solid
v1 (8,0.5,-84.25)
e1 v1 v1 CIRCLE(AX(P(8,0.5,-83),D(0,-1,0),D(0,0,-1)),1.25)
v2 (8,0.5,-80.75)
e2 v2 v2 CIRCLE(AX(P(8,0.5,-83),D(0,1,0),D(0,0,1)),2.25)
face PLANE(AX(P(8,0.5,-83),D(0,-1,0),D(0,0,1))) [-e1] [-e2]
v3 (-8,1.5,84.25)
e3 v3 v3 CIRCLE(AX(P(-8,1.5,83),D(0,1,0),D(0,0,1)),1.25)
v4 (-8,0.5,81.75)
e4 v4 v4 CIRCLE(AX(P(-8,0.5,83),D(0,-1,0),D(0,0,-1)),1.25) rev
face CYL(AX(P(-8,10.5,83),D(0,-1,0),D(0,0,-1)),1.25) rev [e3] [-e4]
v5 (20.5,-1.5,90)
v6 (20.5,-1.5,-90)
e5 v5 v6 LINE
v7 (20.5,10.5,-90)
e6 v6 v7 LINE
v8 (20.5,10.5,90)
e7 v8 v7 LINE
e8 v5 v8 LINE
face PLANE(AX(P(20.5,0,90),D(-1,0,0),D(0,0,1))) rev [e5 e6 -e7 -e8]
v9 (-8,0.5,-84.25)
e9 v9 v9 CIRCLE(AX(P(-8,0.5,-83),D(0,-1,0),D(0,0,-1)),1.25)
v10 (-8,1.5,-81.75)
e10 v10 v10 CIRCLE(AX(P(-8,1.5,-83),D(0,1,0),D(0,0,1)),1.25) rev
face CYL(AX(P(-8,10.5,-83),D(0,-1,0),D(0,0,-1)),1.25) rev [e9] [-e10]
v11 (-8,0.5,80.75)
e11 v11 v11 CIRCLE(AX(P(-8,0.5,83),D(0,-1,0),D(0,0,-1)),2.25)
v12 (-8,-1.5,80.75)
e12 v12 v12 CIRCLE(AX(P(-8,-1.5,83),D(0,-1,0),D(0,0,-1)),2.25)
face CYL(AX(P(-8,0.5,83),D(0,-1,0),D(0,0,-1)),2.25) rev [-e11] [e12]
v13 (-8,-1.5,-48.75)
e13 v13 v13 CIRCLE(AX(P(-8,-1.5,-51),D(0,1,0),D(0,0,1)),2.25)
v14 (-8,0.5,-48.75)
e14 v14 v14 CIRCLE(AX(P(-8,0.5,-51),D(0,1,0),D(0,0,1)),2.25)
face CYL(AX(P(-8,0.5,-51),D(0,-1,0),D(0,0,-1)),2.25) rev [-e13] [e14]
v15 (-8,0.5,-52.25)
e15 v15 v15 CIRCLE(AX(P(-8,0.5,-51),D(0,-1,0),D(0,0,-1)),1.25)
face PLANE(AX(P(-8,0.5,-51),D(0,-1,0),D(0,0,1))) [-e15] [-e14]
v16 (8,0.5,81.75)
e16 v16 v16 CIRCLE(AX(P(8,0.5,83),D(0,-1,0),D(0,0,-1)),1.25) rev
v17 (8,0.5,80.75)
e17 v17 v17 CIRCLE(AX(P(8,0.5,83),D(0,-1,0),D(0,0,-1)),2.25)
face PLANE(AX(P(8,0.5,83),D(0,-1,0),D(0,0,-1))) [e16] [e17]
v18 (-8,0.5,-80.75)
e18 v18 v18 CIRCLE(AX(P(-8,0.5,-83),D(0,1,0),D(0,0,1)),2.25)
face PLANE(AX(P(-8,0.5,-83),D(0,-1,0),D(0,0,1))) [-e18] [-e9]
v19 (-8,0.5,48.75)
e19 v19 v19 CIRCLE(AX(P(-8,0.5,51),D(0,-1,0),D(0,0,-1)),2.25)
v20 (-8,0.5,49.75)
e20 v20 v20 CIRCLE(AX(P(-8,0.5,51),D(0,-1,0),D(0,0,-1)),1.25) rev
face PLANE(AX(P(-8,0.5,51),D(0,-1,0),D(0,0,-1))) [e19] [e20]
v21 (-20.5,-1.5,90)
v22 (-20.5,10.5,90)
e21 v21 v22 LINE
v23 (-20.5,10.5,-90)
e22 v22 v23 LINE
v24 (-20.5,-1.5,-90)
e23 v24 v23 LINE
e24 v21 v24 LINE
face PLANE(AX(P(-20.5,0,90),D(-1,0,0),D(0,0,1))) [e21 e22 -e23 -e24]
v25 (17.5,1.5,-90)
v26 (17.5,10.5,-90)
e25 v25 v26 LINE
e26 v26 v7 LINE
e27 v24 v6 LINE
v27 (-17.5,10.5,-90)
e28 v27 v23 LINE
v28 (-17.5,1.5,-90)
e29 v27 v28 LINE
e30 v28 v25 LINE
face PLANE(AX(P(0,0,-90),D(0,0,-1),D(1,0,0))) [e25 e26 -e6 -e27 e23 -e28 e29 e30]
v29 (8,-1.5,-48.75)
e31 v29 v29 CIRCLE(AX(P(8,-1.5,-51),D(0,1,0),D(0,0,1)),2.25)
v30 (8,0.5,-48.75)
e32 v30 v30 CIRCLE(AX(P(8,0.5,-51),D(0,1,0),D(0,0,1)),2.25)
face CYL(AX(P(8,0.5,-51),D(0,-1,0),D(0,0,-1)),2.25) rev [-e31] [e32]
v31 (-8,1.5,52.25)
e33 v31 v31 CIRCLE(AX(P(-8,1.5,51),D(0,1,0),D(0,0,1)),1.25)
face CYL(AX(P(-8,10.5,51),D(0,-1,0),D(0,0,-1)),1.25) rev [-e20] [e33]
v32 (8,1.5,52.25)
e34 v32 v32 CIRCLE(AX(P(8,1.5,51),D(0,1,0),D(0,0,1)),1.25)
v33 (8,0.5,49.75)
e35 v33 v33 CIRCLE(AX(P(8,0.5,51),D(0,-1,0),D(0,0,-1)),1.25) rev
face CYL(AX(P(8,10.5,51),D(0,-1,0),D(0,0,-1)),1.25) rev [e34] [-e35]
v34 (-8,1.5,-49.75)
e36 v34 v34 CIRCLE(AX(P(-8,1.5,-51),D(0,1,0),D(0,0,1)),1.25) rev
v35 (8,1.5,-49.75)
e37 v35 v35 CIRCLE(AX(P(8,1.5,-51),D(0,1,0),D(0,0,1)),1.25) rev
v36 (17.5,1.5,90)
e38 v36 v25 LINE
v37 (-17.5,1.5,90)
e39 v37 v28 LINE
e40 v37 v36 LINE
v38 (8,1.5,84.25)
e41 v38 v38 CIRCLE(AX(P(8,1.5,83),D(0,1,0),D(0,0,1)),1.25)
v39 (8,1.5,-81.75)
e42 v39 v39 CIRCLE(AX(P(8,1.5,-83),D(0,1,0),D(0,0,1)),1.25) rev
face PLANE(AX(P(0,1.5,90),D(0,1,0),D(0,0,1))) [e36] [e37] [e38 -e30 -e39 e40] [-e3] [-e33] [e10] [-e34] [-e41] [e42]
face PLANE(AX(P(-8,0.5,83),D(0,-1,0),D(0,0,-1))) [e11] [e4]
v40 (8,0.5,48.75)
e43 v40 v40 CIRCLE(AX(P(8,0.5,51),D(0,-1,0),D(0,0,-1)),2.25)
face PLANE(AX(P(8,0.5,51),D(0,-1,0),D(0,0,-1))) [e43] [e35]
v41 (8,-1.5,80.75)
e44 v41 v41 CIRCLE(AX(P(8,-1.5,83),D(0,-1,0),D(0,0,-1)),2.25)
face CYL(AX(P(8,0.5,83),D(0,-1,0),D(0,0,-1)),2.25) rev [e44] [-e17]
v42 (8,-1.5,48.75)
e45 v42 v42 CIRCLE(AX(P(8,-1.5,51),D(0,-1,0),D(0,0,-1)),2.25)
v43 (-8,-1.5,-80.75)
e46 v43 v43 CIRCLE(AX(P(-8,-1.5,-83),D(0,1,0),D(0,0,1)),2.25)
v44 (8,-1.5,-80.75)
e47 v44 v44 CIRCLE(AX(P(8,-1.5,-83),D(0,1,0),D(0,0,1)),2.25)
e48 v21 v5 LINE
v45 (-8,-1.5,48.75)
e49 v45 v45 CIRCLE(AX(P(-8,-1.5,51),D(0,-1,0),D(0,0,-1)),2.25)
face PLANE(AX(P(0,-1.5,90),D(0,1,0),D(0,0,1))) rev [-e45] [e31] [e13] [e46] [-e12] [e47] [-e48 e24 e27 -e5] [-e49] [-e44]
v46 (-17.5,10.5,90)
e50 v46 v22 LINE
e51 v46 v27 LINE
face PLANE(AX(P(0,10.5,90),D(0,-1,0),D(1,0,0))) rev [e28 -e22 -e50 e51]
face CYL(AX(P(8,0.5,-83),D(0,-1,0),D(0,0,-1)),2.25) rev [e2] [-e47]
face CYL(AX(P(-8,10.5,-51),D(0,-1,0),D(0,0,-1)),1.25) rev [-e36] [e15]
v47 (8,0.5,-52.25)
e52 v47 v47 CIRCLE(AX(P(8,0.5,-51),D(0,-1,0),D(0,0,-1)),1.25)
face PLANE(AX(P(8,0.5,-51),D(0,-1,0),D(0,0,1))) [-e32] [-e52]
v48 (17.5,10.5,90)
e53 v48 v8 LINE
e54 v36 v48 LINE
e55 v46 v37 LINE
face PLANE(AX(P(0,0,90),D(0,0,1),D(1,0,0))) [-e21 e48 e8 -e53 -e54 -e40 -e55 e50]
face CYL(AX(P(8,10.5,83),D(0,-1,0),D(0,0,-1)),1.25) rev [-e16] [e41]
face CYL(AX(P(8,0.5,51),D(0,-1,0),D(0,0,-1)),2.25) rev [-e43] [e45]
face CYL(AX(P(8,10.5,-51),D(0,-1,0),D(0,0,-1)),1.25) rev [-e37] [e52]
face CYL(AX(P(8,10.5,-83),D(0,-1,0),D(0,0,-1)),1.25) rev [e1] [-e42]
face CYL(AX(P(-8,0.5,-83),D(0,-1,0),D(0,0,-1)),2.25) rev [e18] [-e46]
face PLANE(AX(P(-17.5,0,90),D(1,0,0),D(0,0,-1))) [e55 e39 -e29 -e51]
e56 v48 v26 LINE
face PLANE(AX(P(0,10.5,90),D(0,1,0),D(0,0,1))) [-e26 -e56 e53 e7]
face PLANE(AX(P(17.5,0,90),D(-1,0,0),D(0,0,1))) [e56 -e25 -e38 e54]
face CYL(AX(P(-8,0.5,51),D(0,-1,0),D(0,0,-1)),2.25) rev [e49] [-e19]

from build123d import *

# Parameters (mm, degrees)
SKETCH2_W           = 35
SKETCH2_H           = 3
BOSS_EXTRUDE1_DEPTH = 90
CUT_EXTRUDE1_START  = -13
SKETCH3_R           = 1.25
CUT_EXTRUDE1_DEPTH  = 14
SKETCH4_R           = 2.25
CUT_EXTRUDE2_DEPTH  = 2


with BuildPart() as part:
    # Sketch2 → Boss-Extrude1 (new body)
    with BuildSketch(Plane.XY):
        Polygon((17.5, 10.5), (17.5, 1.5), (17.5, -1.5), (20.5, -1.5), (20.5, 10.5), align=None)
        Rectangle(SKETCH2_W, SKETCH2_H)
        Polygon((-17.5, -1.5), (-17.5, 1.5), (-17.5, 10.5), (-20.5, 10.5), (-20.5, -1.5), align=None)
    boss_extrude1 = extrude(amount=BOSS_EXTRUDE1_DEPTH)

    # Sketch3 → Cut-Extrude1 (cut)
    with BuildSketch(Plane.XZ.offset(1.5).offset(CUT_EXTRUDE1_START)):
        with Locations((-8, 83)):
            Circle(SKETCH3_R)
        with Locations((8, 83)):
            Circle(SKETCH3_R)
        with Locations((8, 51)):
            Circle(SKETCH3_R)
        with Locations((-8, 51)):
            Circle(SKETCH3_R)
    cut_extrude1 = extrude(amount=CUT_EXTRUDE1_DEPTH, mode=Mode.SUBTRACT)

    # Sketch4 → Cut-Extrude2 (cut)
    with BuildSketch(Plane.XZ.offset(1.5)):
        with Locations((-8, 83)):
            Circle(SKETCH4_R)
        with Locations((8, 83)):
            Circle(SKETCH4_R)
        with Locations((8, 51)):
            Circle(SKETCH4_R)
        with Locations((-8, 51)):
            Circle(SKETCH4_R)
    cut_extrude2 = extrude(amount=-CUT_EXTRUDE2_DEPTH, mode=Mode.SUBTRACT)

    # Mirror1: Boss-Extrude1, Cut-Extrude1, Cut-Extrude2 across plane
    add(boss_extrude1.mirror(Plane.XY))
    add(cut_extrude1.mirror(Plane.XY), mode=Mode.SUBTRACT)
    add(cut_extrude2.mirror(Plane.XY), mode=Mode.SUBTRACT)


solid = part.part
